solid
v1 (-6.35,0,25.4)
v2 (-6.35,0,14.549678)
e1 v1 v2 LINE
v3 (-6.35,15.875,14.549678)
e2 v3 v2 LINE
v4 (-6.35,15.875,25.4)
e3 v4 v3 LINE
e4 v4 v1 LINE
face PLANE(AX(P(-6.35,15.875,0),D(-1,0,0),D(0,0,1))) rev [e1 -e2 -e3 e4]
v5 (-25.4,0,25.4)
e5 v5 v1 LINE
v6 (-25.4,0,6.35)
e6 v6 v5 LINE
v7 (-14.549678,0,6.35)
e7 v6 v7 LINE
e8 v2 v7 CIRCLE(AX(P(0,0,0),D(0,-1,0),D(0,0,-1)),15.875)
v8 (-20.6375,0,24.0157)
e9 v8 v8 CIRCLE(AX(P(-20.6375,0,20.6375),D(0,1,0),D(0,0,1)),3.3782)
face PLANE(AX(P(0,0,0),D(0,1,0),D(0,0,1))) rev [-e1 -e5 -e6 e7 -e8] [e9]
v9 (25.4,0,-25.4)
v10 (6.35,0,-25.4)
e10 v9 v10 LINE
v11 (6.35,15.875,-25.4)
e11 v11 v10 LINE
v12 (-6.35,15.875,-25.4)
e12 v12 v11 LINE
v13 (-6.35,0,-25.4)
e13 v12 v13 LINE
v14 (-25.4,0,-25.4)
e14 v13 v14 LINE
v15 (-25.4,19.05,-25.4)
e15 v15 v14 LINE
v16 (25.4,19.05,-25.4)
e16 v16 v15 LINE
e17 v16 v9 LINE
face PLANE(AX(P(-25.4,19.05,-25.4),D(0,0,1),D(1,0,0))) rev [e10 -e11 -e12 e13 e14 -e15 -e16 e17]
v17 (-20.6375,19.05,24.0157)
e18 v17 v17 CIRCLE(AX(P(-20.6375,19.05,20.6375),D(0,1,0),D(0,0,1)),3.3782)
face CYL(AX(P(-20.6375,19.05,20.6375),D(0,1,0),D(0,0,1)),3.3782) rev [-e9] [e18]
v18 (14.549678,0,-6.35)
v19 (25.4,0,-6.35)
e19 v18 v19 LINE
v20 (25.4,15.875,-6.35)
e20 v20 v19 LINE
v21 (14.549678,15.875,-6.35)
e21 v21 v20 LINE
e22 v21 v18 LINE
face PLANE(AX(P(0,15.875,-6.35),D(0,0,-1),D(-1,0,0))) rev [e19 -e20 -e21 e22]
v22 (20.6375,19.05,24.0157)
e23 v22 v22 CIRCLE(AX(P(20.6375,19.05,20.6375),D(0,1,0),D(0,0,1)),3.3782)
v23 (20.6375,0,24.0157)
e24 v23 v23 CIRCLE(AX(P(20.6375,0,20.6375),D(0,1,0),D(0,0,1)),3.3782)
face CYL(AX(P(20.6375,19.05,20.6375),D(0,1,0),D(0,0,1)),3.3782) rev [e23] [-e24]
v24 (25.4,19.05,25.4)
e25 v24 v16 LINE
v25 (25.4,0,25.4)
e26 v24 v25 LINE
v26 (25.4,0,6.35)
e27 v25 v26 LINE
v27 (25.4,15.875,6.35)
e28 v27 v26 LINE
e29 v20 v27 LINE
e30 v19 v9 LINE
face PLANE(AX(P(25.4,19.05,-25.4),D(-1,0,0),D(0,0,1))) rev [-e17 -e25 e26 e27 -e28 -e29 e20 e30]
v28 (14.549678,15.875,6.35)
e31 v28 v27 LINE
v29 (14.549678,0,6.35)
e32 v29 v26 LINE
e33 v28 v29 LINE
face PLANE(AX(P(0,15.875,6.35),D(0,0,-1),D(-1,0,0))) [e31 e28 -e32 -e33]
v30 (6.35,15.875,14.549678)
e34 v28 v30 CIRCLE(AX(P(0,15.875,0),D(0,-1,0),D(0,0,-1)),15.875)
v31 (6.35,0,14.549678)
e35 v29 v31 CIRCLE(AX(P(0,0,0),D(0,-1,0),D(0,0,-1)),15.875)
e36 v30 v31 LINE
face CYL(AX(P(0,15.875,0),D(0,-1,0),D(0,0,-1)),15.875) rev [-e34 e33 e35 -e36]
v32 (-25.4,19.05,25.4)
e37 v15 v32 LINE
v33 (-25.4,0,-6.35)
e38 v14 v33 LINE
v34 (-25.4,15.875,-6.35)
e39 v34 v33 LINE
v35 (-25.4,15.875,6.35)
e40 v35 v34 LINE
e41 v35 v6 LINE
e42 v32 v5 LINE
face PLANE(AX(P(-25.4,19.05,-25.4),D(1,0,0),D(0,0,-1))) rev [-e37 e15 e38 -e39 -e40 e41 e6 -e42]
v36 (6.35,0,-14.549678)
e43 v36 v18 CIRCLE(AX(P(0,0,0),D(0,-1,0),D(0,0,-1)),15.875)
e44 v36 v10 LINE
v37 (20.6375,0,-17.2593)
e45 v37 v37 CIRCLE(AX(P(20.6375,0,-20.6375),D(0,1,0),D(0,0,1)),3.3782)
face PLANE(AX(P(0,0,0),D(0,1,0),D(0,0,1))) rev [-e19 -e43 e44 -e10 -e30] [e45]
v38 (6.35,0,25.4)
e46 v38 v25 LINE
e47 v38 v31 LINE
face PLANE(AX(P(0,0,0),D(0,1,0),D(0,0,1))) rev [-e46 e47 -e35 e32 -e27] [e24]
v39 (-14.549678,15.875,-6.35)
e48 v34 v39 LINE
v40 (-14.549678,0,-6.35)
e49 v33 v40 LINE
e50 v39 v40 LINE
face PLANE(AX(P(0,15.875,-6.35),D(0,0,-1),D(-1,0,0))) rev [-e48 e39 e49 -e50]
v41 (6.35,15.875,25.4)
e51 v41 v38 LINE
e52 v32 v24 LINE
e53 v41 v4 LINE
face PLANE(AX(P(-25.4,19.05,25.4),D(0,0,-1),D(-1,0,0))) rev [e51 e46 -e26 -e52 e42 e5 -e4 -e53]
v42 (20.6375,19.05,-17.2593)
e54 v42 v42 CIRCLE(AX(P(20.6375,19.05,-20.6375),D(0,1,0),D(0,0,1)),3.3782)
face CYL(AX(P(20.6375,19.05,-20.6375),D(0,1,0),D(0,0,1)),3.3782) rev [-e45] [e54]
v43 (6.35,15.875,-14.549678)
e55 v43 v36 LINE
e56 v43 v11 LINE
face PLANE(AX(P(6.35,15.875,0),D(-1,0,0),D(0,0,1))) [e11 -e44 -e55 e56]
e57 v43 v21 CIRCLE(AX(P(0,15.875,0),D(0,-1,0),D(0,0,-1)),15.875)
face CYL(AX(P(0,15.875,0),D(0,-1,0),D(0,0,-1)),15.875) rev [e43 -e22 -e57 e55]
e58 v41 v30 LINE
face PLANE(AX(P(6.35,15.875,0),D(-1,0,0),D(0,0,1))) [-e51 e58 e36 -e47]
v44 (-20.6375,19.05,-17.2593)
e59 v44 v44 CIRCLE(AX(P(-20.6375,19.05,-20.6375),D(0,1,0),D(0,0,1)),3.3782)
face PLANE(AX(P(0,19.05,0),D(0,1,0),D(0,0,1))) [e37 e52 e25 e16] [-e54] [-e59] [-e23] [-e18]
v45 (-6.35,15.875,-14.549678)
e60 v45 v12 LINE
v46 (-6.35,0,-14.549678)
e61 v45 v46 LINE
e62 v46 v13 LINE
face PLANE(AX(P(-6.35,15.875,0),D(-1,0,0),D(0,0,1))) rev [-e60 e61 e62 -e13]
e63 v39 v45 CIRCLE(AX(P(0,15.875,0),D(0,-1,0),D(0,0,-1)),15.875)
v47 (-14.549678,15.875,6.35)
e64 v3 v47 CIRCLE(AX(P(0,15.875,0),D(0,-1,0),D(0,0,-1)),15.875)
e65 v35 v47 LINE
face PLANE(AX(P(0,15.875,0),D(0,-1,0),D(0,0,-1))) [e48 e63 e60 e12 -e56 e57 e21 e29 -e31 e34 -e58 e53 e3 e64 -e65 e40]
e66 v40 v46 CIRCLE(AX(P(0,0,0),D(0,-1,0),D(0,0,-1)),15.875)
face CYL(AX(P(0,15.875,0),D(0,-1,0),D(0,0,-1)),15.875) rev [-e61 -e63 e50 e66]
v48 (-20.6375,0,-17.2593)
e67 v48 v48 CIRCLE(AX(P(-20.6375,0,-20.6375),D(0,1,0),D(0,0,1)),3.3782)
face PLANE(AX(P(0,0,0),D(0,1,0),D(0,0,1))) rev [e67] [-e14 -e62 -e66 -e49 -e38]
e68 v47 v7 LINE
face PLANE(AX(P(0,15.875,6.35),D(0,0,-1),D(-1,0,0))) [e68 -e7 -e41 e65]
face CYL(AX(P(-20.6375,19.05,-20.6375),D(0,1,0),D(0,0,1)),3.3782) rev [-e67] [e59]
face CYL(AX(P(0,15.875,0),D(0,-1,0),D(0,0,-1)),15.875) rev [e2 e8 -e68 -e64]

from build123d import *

# Parameters (mm, degrees)
SKETCH1_W               = 50.8
SKETCH1_H               = 50.8
BOSS_EXTRUDE1_DEPTH     = 19.05
F_1_4_CLEARANCE_HOLE1_D = 6.7564
SKETCH9_W               = 12.7
SKETCH9_H               = 12.7
CUT_EXTRUDE1_DEPTH      = 15.875


with BuildPart() as part:
    # Sketch1 → Boss-Extrude1 (new body)
    with BuildSketch(Plane(origin=(0, 0, 0), x_dir=(1, 0, 0), z_dir=(0, 1, 0))):
        Rectangle(SKETCH1_W, SKETCH1_H)
    extrude(amount=BOSS_EXTRUDE1_DEPTH)

    # 1/4 Clearance Hole1 (through all)
    with Locations(Plane(origin=(0, 19.05, 0), x_dir=(1, 0, 0), z_dir=(0, 1, 0))):
        with Locations((-20.6375, 20.6375), (20.6375, 20.6375), (20.6375, -20.6375), (-20.6375, -20.6375)):
            Hole(F_1_4_CLEARANCE_HOLE1_D / 2)

    # Sketch9 → Cut-Extrude1 (cut)
    with BuildSketch(Plane.XZ):
        with BuildLine():
            ThreePointArc((-6.35, 14.549677831), (-11.225320151, 11.225320151), (-14.549677831, 6.35))
            Line((-14.549677831, 6.35), (-6.35, 6.35))
            Line((-6.35, 6.35), (-6.35, 14.549677831))
        make_face()
        with BuildLine():
            Line((-6.35, 25.4), (-6.35, 14.549677831))
            ThreePointArc((-6.35, 14.549677831), (0, 15.875), (6.35, 14.549677831))
            Line((6.35, 14.549677831), (6.35, 25.4))
            Line((6.35, 25.4), (-6.35, 25.4))
        make_face()
        with BuildLine():
            Line((6.35, 14.549677831), (6.35, 6.35))
            Line((6.35, 6.35), (14.549677831, 6.35))
            ThreePointArc((14.549677831, 6.35), (11.225320151, 11.225320151), (6.35, 14.549677831))
        make_face()
        with BuildLine():
            Line((25.4, 6.35), (14.549677831, 6.35))
            ThreePointArc((14.549677831, 6.35), (15.540137718, 3.243415594), (15.875, 0))
            ThreePointArc((15.875, 0), (15.540137718, -3.243415594), (14.549677831, -6.35))
            Line((14.549677831, -6.35), (25.4, -6.35))
            Line((25.4, -6.35), (25.4, 6.35))
        make_face()
        with BuildLine():
            Line((14.549677831, -6.35), (6.35, -6.35))
            Line((6.35, -6.35), (6.35, -14.549677831))
            ThreePointArc((6.35, -14.549677831), (11.225320151, -11.225320151), (14.549677831, -6.35))
        make_face()
        with BuildLine():
            ThreePointArc((6.35, -14.549677831), (0, -15.875), (-6.35, -14.549677831))
            Line((-6.35, -14.549677831), (-6.35, -25.4))
            Line((-6.35, -25.4), (6.35, -25.4))
            Line((6.35, -25.4), (6.35, -14.549677831))
        make_face()
        with BuildLine():
            Line((-6.35, -6.35), (-14.549677831, -6.35))
            ThreePointArc((-14.549677831, -6.35), (-11.225320151, -11.225320151), (-6.35, -14.549677831))
            Line((-6.35, -14.549677831), (-6.35, -6.35))
        make_face()
        with BuildLine():
            Line((-14.549677831, 6.35), (-25.4, 6.35))
            Line((-25.4, 6.35), (-25.4, -6.35))
            Line((-25.4, -6.35), (-14.549677831, -6.35))
            ThreePointArc((-14.549677831, -6.35), (-15.875, 0), (-14.549677831, 6.35))
        make_face()
        with BuildLine():
            Line((-6.35, 6.35), (-14.549677831, 6.35))
            ThreePointArc((-14.549677831, 6.35), (-15.875, 0), (-14.549677831, -6.35))
            Line((-14.549677831, -6.35), (-6.35, -6.35))
            Line((-6.35, -6.35), (-6.35, 6.35))
        make_face()
        with BuildLine():
            Line((6.35, -6.35), (-6.35, -6.35))
            Line((-6.35, -6.35), (-6.35, -14.549677831))
            ThreePointArc((-6.35, -14.549677831), (0, -15.875), (6.35, -14.549677831))
            Line((6.35, -14.549677831), (6.35, -6.35))
        make_face()
        with BuildLine():
            Line((14.549677831, 6.35), (6.35, 6.35))
            Line((6.35, 6.35), (6.35, -6.35))
            Line((6.35, -6.35), (14.549677831, -6.35))
            ThreePointArc((14.549677831, -6.35), (15.540137718, -3.243415594), (15.875, 0))
            ThreePointArc((15.875, 0), (15.540137718, 3.243415594), (14.549677831, 6.35))
        make_face()
        Rectangle(SKETCH9_W, SKETCH9_H)
        with BuildLine():
            Line((-6.35, 14.549677831), (-6.35, 6.35))
            Line((-6.35, 6.35), (6.35, 6.35))
            Line((6.35, 6.35), (6.35, 14.549677831))
            ThreePointArc((6.35, 14.549677831), (0, 15.875), (-6.35, 14.549677831))
        make_face()
    extrude(amount=-CUT_EXTRUDE1_DEPTH, mode=Mode.SUBTRACT)


solid = part.part
